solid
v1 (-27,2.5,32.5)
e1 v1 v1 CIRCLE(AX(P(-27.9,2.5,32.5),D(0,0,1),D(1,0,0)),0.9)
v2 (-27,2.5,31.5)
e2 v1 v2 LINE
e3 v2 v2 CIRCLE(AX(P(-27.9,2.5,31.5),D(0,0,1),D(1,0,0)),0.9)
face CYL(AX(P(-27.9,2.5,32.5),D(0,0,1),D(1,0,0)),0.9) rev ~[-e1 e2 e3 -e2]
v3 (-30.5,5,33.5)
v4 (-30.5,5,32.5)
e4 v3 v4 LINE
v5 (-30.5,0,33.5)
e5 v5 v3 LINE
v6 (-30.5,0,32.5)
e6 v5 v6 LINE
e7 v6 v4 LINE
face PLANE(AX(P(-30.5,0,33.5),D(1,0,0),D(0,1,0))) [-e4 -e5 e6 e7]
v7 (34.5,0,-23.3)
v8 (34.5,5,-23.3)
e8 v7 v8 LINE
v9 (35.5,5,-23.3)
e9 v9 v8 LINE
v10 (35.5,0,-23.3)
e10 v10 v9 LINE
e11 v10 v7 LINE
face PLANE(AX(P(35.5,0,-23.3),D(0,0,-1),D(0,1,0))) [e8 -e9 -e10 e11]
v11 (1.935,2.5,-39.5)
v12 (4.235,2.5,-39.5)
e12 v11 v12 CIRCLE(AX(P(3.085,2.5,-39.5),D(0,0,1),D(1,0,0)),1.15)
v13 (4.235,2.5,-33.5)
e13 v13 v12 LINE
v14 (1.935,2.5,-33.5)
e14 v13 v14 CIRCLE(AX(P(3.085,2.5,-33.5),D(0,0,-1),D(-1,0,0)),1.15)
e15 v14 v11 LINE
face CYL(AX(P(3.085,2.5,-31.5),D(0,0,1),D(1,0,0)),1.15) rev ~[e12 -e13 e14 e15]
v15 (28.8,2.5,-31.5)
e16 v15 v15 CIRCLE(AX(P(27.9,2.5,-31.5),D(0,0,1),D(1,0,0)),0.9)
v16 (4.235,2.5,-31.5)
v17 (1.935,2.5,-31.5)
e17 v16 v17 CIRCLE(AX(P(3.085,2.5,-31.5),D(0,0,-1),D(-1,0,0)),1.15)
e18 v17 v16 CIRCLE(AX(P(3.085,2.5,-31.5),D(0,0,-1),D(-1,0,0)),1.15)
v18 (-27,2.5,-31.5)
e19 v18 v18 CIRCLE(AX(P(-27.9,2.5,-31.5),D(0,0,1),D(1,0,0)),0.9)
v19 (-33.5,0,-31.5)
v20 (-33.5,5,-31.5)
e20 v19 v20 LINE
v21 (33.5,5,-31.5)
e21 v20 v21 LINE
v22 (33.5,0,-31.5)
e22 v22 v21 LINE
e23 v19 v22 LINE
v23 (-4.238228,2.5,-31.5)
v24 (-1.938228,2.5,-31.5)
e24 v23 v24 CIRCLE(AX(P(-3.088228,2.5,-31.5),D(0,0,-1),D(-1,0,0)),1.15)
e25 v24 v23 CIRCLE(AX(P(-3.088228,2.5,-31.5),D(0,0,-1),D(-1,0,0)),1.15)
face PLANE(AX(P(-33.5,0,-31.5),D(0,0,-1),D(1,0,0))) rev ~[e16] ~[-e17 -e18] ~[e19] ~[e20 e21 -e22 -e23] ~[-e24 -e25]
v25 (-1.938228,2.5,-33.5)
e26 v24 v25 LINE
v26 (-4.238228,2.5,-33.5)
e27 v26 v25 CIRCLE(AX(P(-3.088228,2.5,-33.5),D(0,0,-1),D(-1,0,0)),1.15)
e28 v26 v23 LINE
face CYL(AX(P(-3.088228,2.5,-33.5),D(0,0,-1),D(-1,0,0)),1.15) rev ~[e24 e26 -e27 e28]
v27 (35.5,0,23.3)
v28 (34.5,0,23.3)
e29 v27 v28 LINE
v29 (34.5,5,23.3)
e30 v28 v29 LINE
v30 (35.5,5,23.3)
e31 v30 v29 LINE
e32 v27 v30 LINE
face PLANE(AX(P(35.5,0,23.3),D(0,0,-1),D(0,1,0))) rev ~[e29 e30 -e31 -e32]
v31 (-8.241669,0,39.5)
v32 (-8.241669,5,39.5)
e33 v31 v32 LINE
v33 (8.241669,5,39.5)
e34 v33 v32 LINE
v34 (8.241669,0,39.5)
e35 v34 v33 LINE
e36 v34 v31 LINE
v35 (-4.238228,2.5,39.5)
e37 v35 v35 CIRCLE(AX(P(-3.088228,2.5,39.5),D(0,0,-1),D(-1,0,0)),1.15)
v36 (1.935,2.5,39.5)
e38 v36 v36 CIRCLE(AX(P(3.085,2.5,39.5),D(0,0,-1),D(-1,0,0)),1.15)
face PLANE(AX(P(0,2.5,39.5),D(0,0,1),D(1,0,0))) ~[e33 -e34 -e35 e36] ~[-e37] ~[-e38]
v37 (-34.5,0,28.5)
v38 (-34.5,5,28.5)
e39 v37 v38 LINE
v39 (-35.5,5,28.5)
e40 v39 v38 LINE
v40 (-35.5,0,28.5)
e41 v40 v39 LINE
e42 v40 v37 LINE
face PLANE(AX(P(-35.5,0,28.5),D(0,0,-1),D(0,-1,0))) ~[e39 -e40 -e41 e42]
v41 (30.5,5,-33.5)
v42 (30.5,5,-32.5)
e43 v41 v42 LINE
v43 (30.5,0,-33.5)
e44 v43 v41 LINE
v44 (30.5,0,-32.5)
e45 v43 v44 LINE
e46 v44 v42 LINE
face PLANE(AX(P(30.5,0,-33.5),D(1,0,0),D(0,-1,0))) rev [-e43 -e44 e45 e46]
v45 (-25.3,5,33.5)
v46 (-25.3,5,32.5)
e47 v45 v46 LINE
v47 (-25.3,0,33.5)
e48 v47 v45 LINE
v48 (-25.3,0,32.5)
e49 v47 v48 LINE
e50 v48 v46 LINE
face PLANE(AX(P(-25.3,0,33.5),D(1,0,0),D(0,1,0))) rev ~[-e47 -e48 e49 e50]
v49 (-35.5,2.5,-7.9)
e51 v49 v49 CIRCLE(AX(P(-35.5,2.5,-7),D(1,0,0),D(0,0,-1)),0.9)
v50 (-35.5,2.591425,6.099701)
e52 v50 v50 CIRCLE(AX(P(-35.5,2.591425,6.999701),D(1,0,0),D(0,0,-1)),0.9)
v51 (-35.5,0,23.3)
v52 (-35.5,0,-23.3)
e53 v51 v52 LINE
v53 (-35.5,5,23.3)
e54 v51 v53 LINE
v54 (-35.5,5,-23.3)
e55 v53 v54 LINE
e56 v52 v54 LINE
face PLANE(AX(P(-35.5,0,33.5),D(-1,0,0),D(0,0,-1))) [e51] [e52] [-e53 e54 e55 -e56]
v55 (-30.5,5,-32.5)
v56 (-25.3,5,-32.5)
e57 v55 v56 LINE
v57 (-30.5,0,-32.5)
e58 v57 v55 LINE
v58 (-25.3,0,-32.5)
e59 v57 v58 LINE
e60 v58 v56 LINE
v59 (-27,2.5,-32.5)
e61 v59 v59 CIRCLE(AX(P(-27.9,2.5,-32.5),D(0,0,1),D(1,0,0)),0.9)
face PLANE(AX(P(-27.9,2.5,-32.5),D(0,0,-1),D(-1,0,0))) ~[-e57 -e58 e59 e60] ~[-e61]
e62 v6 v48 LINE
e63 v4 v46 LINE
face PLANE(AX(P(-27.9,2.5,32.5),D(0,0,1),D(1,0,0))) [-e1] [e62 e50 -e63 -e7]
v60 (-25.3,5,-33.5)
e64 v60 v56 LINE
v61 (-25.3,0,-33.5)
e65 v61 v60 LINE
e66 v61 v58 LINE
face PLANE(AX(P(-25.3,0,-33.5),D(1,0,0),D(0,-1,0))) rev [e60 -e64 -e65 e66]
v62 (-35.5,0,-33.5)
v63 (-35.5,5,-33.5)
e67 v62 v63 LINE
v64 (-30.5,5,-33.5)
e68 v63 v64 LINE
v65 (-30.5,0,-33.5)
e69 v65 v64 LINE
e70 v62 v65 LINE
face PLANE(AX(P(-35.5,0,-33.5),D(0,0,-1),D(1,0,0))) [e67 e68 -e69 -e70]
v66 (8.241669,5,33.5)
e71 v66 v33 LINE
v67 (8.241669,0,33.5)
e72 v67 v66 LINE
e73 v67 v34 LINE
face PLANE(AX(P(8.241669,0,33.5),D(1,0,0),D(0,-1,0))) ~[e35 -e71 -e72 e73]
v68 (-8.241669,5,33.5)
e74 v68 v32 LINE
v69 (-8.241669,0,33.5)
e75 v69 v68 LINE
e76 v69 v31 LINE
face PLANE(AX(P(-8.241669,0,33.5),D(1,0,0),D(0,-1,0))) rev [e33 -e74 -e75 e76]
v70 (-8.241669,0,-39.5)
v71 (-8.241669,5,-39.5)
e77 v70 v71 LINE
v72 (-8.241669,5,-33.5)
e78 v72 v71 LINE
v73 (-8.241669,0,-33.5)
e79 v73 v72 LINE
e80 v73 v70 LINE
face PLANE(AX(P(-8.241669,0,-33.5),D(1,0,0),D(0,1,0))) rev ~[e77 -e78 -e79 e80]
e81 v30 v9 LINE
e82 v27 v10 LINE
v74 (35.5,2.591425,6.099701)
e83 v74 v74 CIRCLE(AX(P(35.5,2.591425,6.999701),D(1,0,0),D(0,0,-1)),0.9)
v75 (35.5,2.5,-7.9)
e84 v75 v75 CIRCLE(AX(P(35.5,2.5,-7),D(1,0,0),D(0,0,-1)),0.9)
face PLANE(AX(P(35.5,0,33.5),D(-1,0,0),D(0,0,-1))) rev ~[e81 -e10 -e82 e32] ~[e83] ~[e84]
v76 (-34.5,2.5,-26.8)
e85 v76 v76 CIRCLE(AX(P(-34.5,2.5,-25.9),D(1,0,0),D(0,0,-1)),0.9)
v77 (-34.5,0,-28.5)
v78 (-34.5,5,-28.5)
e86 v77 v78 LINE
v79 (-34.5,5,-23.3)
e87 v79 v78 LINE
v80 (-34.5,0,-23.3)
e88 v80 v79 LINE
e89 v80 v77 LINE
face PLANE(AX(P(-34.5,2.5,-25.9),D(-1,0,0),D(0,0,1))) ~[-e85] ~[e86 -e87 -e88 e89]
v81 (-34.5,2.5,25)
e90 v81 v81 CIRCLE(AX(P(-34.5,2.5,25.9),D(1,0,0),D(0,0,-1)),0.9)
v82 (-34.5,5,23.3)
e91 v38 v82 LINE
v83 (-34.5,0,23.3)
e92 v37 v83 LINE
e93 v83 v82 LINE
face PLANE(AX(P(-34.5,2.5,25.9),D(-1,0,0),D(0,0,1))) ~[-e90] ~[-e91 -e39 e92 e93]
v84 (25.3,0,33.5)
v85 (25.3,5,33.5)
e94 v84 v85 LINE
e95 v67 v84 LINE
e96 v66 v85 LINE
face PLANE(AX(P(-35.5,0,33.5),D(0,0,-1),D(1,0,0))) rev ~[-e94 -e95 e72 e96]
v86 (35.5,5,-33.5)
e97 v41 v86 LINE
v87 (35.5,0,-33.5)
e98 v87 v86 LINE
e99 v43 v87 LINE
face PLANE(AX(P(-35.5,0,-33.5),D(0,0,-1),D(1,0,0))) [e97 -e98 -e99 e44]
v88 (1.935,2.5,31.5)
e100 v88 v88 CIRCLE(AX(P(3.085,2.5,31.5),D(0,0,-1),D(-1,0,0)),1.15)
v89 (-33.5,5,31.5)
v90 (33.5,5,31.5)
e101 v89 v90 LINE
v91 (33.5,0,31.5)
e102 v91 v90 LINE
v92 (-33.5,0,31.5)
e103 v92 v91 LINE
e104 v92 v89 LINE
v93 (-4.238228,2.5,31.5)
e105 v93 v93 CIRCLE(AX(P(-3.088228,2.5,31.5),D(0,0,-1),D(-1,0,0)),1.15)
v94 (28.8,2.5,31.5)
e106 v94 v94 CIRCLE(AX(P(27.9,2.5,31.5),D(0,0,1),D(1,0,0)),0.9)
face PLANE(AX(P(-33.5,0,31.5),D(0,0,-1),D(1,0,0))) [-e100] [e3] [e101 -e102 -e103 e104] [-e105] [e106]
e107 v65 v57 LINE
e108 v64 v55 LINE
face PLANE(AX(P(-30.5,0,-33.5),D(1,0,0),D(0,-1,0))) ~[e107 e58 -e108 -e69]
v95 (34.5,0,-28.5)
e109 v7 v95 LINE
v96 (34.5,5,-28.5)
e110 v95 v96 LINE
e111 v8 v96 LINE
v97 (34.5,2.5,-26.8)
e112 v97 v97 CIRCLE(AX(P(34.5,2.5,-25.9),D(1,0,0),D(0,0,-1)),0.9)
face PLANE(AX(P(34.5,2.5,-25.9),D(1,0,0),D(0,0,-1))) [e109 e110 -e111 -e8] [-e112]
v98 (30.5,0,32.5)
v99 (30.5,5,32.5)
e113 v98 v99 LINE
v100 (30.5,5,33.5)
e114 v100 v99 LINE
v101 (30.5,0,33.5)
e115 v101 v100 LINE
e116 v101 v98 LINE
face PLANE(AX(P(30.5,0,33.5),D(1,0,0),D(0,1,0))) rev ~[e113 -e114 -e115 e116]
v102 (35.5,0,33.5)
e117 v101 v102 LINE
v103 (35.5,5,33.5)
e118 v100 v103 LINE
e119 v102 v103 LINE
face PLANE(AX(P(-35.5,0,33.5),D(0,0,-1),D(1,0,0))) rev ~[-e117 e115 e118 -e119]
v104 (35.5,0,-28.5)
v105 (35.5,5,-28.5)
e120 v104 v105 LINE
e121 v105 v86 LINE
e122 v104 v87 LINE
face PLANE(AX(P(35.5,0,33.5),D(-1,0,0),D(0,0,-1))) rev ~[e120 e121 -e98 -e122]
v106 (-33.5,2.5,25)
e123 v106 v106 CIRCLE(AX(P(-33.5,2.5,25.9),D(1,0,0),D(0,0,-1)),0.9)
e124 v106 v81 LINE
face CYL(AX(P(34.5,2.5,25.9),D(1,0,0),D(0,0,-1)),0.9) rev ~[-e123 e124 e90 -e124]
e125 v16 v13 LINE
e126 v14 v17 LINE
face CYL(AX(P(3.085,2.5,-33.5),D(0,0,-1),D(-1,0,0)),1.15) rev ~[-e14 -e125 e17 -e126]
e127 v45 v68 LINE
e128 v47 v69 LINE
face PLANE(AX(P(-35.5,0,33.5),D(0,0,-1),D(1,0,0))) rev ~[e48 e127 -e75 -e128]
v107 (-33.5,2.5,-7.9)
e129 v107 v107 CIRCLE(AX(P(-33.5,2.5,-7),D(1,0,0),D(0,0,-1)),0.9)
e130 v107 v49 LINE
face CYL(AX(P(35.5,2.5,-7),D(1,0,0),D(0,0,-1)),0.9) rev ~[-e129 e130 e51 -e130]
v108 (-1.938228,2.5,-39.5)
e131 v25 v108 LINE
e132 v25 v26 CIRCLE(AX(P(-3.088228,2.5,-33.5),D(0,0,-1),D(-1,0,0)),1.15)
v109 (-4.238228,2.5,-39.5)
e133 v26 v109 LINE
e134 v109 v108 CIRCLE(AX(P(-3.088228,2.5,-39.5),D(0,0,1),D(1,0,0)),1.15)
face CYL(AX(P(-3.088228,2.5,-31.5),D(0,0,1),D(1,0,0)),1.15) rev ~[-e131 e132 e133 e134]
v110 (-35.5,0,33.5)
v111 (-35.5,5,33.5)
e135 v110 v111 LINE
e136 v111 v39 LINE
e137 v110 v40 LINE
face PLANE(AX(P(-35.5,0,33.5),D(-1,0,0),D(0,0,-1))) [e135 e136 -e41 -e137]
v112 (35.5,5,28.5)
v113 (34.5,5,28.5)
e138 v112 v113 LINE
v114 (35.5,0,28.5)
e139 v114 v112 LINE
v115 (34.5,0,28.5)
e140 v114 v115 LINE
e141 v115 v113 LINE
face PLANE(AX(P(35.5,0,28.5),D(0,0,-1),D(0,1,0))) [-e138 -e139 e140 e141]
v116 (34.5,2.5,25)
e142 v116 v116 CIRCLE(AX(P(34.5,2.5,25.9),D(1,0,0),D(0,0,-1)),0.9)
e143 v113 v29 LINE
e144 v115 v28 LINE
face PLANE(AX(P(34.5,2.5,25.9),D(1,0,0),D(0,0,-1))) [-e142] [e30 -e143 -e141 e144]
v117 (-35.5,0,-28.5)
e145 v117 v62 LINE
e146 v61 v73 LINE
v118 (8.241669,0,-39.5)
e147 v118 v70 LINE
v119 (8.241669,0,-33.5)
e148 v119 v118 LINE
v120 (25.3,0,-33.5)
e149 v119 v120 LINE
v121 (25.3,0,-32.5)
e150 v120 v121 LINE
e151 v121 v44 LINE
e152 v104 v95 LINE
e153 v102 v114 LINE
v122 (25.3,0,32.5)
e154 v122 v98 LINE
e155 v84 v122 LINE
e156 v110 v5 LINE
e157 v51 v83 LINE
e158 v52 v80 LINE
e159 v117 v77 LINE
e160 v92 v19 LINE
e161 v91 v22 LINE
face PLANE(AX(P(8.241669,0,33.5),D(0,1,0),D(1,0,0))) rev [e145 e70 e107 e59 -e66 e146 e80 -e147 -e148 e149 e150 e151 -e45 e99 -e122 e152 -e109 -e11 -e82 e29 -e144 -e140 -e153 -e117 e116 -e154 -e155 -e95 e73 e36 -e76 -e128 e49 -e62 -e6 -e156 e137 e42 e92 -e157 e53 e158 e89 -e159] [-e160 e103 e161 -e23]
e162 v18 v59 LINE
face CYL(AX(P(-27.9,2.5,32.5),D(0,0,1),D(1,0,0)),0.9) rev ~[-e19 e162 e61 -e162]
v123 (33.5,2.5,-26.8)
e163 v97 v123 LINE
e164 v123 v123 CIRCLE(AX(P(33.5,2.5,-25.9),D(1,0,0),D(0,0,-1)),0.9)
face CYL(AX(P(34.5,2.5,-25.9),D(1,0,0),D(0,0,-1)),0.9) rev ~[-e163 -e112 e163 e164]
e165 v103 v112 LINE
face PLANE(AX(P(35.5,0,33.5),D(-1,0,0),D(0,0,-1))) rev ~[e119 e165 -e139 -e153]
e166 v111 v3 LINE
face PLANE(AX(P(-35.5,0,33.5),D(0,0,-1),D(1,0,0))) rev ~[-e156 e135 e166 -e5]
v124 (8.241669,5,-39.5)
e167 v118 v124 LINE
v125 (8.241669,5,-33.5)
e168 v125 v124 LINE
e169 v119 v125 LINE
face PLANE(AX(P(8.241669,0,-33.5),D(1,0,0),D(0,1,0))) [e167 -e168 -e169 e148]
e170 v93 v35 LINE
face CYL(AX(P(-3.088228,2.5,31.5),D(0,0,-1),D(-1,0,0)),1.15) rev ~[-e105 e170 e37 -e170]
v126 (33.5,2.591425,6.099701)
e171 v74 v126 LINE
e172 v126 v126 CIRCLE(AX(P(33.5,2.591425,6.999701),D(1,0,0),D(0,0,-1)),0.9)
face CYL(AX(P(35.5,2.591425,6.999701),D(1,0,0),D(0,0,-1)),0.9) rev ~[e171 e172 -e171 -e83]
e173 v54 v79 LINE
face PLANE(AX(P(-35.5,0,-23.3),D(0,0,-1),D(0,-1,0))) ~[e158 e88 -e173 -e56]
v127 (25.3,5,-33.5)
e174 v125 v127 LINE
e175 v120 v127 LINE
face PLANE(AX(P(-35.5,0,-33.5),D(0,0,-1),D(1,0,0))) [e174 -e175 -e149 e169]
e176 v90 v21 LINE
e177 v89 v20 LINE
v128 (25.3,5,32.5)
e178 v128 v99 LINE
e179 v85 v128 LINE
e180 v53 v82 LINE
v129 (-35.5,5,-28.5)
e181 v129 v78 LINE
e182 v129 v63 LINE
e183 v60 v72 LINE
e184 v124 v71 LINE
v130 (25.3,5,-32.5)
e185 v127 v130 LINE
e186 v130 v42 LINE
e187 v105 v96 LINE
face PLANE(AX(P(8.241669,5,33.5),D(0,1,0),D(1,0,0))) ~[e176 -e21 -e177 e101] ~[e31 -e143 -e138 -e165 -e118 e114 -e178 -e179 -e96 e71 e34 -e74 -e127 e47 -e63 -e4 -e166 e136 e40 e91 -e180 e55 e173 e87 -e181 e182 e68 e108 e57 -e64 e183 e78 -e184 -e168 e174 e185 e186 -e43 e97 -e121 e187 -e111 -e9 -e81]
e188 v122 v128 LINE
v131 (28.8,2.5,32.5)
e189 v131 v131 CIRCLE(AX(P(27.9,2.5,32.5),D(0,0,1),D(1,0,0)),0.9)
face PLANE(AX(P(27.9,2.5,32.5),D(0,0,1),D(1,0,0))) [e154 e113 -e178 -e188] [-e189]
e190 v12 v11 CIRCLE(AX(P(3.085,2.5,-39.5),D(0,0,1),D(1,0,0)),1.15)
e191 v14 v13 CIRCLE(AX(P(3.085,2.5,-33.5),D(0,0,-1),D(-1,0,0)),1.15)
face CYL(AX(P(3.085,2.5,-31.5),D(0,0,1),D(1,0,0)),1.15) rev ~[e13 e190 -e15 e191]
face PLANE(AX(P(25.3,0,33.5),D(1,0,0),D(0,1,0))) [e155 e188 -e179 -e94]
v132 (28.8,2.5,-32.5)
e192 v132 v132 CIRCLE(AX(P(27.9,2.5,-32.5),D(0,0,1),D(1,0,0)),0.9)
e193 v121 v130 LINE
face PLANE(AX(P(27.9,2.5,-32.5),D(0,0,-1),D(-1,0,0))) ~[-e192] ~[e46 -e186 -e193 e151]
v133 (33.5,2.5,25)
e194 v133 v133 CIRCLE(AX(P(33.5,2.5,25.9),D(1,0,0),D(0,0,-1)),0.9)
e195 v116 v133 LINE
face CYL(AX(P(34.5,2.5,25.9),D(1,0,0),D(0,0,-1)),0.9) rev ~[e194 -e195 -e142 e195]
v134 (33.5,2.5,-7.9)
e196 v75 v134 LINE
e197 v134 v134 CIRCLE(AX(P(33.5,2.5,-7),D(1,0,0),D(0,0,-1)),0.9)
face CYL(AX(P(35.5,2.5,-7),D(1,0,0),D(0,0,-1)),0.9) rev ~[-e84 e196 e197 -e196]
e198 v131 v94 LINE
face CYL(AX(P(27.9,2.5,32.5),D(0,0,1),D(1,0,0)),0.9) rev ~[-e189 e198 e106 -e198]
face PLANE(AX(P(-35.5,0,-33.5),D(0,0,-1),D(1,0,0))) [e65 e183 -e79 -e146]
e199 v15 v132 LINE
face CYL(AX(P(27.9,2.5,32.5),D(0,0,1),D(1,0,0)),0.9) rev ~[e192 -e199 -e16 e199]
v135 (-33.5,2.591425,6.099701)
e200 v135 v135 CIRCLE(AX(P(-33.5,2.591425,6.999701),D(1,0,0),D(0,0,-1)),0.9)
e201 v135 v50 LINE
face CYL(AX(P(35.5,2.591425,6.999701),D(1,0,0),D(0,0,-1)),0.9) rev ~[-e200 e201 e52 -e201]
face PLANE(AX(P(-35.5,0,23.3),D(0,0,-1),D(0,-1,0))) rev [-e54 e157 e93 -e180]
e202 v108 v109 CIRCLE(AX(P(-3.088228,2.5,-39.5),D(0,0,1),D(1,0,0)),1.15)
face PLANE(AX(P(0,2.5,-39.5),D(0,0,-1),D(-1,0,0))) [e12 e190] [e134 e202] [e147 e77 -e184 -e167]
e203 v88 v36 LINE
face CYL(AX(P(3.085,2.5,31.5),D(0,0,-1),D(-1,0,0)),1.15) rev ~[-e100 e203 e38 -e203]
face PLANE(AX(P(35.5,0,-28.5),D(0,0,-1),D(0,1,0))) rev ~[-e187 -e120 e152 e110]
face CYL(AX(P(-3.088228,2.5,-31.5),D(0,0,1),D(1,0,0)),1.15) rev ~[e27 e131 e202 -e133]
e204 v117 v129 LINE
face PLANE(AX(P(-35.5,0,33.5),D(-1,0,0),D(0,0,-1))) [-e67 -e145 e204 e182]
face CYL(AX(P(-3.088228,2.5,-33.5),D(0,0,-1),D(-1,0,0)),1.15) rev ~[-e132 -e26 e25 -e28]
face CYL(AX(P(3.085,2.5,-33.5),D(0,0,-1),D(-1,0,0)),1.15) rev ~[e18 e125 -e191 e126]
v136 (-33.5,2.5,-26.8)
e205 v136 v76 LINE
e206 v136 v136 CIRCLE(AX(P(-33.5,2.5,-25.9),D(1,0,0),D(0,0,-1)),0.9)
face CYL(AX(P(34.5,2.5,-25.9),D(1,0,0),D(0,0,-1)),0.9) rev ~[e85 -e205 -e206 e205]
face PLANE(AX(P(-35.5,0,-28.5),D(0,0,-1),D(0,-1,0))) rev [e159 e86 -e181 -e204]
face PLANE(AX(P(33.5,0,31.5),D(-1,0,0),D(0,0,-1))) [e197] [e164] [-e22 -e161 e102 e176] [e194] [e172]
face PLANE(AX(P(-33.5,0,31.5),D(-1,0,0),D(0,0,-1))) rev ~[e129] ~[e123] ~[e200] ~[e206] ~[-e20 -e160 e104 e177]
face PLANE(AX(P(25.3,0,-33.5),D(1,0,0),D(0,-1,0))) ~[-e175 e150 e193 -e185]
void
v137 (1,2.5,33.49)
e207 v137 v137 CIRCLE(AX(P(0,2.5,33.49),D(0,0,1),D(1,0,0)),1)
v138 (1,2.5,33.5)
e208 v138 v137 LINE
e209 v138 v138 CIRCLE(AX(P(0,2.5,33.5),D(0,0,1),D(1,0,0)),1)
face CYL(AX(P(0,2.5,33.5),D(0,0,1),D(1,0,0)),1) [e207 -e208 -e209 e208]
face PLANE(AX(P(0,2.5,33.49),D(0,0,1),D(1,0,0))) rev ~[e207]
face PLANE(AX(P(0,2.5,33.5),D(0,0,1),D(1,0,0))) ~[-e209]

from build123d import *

# Parameters (mm, degrees)
SKETCH1_W           = 71
SKETCH1_H           = 67
SKETCH1_W_2         = 67
SKETCH1_H_2         = 63
BOSS_EXTRUDE1_DEPTH = 5
SKETCH2_R           = 0.9
CUT_EXTRUDE1_DEPTH  = 121
SKETCH3_R           = 1
CUT_EXTRUDE2_DEPTH  = 0.01
SKETCH9_W           = 5.2
SKETCH9_H           = 5
CUT_EXTRUDE6_DEPTH  = 1
SKETCH10_W          = 5.2
SKETCH10_H          = 5
CUT_EXTRUDE7_DEPTH  = 1
SKETCH11_R          = 0.9
CUT_EXTRUDE8_DEPTH  = 81
SKETCH12_R          = 0.9
CUT_EXTRUDE9_DEPTH  = 81
SKETCH14_R          = 1.15
CUT_EXTRUDE10_DEPTH = 79
SKETCH15_W          = 16.483338106
SKETCH15_H          = 5
BOSS_EXTRUDE2_DEPTH = 6
SKETCH16_R          = 1.15
CUT_EXTRUDE11_DEPTH = 30
SKETCH17_R          = 1.15
CUT_EXTRUDE12_DEPTH = 30


with BuildPart() as part:
    # Sketch1 → Boss-Extrude1 (new body)
    with BuildSketch(Plane(origin=(0, 0, 0), x_dir=(1, 0, 0), z_dir=(0, 1, 0))):
        Rectangle(SKETCH1_W, SKETCH1_H)
        Rectangle(SKETCH1_W_2, SKETCH1_H_2, mode=Mode.SUBTRACT)
    extrude(amount=BOSS_EXTRUDE1_DEPTH)

    # Sketch2 → Cut-Extrude1 (cut)
    with BuildSketch(Plane(origin=(35.5, 0, 0), x_dir=(0, 0, -1), z_dir=(1, 0, 0))):
        with Locations((-6.999701476, 2.591425228)):
            Circle(SKETCH2_R)
        with Locations((7, 2.5)):
            Circle(SKETCH2_R)
    extrude(amount=-CUT_EXTRUDE1_DEPTH, mode=Mode.SUBTRACT)

    # Sketch3 → Cut-Extrude2 (cut)
    with BuildSketch(Plane.XY.offset(33.5)):
        with Locations((0, 2.5)):
            Circle(SKETCH3_R)
    extrude(amount=-CUT_EXTRUDE2_DEPTH, mode=Mode.SUBTRACT)

    # Sketch9 → Cut-Extrude6 (cut)
    with BuildSketch(Plane.XY.offset(33.5)):
        with Locations((-27.9, 2.5)):
            Rectangle(SKETCH9_W, SKETCH9_H)
        with Locations((27.9, 2.5)):
            Rectangle(SKETCH9_W, SKETCH9_H)
    cut_extrude6 = extrude(amount=-CUT_EXTRUDE6_DEPTH, mode=Mode.SUBTRACT)

    # Sketch10 → Cut-Extrude7 (cut)
    with BuildSketch(Plane(origin=(35.5, 0, 0), x_dir=(0, 0, -1), z_dir=(1, 0, 0))):
        with Locations((-25.9, 2.5)):
            Rectangle(SKETCH10_W, SKETCH10_H)
        with Locations((25.9, 2.5)):
            Rectangle(SKETCH10_W, SKETCH10_H)
    cut_extrude7 = extrude(amount=-CUT_EXTRUDE7_DEPTH, mode=Mode.SUBTRACT)

    # Mirror2: Cut-Extrude7 across plane
    add(cut_extrude7.mirror(Plane(origin=(0, 0, 0), x_dir=(0, 0, 1), z_dir=(1, 0, 0))), mode=Mode.SUBTRACT)

    # Mirror3: Cut-Extrude6 across plane
    add(cut_extrude6.mirror(Plane.XY), mode=Mode.SUBTRACT)

    # Sketch11 → Cut-Extrude8 (cut)
    with BuildSketch(Plane(origin=(34.5, 0, 0), x_dir=(0, 0, -1), z_dir=(1, 0, 0))):
        with Locations((25.9, 2.5)):
            Circle(SKETCH11_R)
        with Locations((-25.9, 2.5)):
            Circle(SKETCH11_R)
    extrude(amount=-CUT_EXTRUDE8_DEPTH, mode=Mode.SUBTRACT)

    # Sketch12 → Cut-Extrude9 (cut)
    with BuildSketch(Plane.XY.offset(32.5)):
        with Locations((27.9, 2.5)):
            Circle(SKETCH12_R)
        with Locations((-27.9, 2.5)):
            Circle(SKETCH12_R)
    extrude(amount=-CUT_EXTRUDE9_DEPTH, mode=Mode.SUBTRACT)

    # Sketch14 → Cut-Extrude10 (cut)
    with BuildSketch(Plane(origin=(0, 0, -33.5), x_dir=(-1, 0, 0), z_dir=(0, 0, -1))):
        with Locations((-3.085, 2.5)):
            Circle(SKETCH14_R)
        with Locations((3.088228318, 2.5)):
            Circle(SKETCH14_R)
    cut_extrude10 = extrude(amount=-CUT_EXTRUDE10_DEPTH, mode=Mode.SUBTRACT)

    # Sketch15 → Boss-Extrude2 (add)
    with BuildSketch(Plane(origin=(0, 0, -33.5), x_dir=(-1, 0, 0), z_dir=(0, 0, -1))):
        with Locations((0, 2.5)):
            Rectangle(SKETCH15_W, SKETCH15_H)
    boss_extrude2 = extrude(amount=BOSS_EXTRUDE2_DEPTH)

    # Sketch16 → Cut-Extrude11 (cut)
    with BuildSketch(Plane.XY.offset(-31.5)):
        with Locations((-3.088228318, 2.5)):
            Circle(SKETCH16_R)
        with Locations((3.085, 2.5)):
            Circle(SKETCH16_R)
    extrude(amount=-CUT_EXTRUDE11_DEPTH, mode=Mode.SUBTRACT)

    # Mirror4: Cut-Extrude10, Boss-Extrude2 across plane
    add(cut_extrude10.mirror(Plane.XY), mode=Mode.SUBTRACT)
    add(boss_extrude2.mirror(Plane.XY))

    # Sketch17 → Cut-Extrude12 (cut)
    with BuildSketch(Plane(origin=(0, 0, 31.5), x_dir=(-1, 0, 0), z_dir=(0, 0, -1))):
        with Locations((-3.085, 2.5)):
            Circle(SKETCH17_R)
        with Locations((3.088228318, 2.5)):
            Circle(SKETCH17_R)
    extrude(amount=-CUT_EXTRUDE12_DEPTH, mode=Mode.SUBTRACT)


solid = part.part
